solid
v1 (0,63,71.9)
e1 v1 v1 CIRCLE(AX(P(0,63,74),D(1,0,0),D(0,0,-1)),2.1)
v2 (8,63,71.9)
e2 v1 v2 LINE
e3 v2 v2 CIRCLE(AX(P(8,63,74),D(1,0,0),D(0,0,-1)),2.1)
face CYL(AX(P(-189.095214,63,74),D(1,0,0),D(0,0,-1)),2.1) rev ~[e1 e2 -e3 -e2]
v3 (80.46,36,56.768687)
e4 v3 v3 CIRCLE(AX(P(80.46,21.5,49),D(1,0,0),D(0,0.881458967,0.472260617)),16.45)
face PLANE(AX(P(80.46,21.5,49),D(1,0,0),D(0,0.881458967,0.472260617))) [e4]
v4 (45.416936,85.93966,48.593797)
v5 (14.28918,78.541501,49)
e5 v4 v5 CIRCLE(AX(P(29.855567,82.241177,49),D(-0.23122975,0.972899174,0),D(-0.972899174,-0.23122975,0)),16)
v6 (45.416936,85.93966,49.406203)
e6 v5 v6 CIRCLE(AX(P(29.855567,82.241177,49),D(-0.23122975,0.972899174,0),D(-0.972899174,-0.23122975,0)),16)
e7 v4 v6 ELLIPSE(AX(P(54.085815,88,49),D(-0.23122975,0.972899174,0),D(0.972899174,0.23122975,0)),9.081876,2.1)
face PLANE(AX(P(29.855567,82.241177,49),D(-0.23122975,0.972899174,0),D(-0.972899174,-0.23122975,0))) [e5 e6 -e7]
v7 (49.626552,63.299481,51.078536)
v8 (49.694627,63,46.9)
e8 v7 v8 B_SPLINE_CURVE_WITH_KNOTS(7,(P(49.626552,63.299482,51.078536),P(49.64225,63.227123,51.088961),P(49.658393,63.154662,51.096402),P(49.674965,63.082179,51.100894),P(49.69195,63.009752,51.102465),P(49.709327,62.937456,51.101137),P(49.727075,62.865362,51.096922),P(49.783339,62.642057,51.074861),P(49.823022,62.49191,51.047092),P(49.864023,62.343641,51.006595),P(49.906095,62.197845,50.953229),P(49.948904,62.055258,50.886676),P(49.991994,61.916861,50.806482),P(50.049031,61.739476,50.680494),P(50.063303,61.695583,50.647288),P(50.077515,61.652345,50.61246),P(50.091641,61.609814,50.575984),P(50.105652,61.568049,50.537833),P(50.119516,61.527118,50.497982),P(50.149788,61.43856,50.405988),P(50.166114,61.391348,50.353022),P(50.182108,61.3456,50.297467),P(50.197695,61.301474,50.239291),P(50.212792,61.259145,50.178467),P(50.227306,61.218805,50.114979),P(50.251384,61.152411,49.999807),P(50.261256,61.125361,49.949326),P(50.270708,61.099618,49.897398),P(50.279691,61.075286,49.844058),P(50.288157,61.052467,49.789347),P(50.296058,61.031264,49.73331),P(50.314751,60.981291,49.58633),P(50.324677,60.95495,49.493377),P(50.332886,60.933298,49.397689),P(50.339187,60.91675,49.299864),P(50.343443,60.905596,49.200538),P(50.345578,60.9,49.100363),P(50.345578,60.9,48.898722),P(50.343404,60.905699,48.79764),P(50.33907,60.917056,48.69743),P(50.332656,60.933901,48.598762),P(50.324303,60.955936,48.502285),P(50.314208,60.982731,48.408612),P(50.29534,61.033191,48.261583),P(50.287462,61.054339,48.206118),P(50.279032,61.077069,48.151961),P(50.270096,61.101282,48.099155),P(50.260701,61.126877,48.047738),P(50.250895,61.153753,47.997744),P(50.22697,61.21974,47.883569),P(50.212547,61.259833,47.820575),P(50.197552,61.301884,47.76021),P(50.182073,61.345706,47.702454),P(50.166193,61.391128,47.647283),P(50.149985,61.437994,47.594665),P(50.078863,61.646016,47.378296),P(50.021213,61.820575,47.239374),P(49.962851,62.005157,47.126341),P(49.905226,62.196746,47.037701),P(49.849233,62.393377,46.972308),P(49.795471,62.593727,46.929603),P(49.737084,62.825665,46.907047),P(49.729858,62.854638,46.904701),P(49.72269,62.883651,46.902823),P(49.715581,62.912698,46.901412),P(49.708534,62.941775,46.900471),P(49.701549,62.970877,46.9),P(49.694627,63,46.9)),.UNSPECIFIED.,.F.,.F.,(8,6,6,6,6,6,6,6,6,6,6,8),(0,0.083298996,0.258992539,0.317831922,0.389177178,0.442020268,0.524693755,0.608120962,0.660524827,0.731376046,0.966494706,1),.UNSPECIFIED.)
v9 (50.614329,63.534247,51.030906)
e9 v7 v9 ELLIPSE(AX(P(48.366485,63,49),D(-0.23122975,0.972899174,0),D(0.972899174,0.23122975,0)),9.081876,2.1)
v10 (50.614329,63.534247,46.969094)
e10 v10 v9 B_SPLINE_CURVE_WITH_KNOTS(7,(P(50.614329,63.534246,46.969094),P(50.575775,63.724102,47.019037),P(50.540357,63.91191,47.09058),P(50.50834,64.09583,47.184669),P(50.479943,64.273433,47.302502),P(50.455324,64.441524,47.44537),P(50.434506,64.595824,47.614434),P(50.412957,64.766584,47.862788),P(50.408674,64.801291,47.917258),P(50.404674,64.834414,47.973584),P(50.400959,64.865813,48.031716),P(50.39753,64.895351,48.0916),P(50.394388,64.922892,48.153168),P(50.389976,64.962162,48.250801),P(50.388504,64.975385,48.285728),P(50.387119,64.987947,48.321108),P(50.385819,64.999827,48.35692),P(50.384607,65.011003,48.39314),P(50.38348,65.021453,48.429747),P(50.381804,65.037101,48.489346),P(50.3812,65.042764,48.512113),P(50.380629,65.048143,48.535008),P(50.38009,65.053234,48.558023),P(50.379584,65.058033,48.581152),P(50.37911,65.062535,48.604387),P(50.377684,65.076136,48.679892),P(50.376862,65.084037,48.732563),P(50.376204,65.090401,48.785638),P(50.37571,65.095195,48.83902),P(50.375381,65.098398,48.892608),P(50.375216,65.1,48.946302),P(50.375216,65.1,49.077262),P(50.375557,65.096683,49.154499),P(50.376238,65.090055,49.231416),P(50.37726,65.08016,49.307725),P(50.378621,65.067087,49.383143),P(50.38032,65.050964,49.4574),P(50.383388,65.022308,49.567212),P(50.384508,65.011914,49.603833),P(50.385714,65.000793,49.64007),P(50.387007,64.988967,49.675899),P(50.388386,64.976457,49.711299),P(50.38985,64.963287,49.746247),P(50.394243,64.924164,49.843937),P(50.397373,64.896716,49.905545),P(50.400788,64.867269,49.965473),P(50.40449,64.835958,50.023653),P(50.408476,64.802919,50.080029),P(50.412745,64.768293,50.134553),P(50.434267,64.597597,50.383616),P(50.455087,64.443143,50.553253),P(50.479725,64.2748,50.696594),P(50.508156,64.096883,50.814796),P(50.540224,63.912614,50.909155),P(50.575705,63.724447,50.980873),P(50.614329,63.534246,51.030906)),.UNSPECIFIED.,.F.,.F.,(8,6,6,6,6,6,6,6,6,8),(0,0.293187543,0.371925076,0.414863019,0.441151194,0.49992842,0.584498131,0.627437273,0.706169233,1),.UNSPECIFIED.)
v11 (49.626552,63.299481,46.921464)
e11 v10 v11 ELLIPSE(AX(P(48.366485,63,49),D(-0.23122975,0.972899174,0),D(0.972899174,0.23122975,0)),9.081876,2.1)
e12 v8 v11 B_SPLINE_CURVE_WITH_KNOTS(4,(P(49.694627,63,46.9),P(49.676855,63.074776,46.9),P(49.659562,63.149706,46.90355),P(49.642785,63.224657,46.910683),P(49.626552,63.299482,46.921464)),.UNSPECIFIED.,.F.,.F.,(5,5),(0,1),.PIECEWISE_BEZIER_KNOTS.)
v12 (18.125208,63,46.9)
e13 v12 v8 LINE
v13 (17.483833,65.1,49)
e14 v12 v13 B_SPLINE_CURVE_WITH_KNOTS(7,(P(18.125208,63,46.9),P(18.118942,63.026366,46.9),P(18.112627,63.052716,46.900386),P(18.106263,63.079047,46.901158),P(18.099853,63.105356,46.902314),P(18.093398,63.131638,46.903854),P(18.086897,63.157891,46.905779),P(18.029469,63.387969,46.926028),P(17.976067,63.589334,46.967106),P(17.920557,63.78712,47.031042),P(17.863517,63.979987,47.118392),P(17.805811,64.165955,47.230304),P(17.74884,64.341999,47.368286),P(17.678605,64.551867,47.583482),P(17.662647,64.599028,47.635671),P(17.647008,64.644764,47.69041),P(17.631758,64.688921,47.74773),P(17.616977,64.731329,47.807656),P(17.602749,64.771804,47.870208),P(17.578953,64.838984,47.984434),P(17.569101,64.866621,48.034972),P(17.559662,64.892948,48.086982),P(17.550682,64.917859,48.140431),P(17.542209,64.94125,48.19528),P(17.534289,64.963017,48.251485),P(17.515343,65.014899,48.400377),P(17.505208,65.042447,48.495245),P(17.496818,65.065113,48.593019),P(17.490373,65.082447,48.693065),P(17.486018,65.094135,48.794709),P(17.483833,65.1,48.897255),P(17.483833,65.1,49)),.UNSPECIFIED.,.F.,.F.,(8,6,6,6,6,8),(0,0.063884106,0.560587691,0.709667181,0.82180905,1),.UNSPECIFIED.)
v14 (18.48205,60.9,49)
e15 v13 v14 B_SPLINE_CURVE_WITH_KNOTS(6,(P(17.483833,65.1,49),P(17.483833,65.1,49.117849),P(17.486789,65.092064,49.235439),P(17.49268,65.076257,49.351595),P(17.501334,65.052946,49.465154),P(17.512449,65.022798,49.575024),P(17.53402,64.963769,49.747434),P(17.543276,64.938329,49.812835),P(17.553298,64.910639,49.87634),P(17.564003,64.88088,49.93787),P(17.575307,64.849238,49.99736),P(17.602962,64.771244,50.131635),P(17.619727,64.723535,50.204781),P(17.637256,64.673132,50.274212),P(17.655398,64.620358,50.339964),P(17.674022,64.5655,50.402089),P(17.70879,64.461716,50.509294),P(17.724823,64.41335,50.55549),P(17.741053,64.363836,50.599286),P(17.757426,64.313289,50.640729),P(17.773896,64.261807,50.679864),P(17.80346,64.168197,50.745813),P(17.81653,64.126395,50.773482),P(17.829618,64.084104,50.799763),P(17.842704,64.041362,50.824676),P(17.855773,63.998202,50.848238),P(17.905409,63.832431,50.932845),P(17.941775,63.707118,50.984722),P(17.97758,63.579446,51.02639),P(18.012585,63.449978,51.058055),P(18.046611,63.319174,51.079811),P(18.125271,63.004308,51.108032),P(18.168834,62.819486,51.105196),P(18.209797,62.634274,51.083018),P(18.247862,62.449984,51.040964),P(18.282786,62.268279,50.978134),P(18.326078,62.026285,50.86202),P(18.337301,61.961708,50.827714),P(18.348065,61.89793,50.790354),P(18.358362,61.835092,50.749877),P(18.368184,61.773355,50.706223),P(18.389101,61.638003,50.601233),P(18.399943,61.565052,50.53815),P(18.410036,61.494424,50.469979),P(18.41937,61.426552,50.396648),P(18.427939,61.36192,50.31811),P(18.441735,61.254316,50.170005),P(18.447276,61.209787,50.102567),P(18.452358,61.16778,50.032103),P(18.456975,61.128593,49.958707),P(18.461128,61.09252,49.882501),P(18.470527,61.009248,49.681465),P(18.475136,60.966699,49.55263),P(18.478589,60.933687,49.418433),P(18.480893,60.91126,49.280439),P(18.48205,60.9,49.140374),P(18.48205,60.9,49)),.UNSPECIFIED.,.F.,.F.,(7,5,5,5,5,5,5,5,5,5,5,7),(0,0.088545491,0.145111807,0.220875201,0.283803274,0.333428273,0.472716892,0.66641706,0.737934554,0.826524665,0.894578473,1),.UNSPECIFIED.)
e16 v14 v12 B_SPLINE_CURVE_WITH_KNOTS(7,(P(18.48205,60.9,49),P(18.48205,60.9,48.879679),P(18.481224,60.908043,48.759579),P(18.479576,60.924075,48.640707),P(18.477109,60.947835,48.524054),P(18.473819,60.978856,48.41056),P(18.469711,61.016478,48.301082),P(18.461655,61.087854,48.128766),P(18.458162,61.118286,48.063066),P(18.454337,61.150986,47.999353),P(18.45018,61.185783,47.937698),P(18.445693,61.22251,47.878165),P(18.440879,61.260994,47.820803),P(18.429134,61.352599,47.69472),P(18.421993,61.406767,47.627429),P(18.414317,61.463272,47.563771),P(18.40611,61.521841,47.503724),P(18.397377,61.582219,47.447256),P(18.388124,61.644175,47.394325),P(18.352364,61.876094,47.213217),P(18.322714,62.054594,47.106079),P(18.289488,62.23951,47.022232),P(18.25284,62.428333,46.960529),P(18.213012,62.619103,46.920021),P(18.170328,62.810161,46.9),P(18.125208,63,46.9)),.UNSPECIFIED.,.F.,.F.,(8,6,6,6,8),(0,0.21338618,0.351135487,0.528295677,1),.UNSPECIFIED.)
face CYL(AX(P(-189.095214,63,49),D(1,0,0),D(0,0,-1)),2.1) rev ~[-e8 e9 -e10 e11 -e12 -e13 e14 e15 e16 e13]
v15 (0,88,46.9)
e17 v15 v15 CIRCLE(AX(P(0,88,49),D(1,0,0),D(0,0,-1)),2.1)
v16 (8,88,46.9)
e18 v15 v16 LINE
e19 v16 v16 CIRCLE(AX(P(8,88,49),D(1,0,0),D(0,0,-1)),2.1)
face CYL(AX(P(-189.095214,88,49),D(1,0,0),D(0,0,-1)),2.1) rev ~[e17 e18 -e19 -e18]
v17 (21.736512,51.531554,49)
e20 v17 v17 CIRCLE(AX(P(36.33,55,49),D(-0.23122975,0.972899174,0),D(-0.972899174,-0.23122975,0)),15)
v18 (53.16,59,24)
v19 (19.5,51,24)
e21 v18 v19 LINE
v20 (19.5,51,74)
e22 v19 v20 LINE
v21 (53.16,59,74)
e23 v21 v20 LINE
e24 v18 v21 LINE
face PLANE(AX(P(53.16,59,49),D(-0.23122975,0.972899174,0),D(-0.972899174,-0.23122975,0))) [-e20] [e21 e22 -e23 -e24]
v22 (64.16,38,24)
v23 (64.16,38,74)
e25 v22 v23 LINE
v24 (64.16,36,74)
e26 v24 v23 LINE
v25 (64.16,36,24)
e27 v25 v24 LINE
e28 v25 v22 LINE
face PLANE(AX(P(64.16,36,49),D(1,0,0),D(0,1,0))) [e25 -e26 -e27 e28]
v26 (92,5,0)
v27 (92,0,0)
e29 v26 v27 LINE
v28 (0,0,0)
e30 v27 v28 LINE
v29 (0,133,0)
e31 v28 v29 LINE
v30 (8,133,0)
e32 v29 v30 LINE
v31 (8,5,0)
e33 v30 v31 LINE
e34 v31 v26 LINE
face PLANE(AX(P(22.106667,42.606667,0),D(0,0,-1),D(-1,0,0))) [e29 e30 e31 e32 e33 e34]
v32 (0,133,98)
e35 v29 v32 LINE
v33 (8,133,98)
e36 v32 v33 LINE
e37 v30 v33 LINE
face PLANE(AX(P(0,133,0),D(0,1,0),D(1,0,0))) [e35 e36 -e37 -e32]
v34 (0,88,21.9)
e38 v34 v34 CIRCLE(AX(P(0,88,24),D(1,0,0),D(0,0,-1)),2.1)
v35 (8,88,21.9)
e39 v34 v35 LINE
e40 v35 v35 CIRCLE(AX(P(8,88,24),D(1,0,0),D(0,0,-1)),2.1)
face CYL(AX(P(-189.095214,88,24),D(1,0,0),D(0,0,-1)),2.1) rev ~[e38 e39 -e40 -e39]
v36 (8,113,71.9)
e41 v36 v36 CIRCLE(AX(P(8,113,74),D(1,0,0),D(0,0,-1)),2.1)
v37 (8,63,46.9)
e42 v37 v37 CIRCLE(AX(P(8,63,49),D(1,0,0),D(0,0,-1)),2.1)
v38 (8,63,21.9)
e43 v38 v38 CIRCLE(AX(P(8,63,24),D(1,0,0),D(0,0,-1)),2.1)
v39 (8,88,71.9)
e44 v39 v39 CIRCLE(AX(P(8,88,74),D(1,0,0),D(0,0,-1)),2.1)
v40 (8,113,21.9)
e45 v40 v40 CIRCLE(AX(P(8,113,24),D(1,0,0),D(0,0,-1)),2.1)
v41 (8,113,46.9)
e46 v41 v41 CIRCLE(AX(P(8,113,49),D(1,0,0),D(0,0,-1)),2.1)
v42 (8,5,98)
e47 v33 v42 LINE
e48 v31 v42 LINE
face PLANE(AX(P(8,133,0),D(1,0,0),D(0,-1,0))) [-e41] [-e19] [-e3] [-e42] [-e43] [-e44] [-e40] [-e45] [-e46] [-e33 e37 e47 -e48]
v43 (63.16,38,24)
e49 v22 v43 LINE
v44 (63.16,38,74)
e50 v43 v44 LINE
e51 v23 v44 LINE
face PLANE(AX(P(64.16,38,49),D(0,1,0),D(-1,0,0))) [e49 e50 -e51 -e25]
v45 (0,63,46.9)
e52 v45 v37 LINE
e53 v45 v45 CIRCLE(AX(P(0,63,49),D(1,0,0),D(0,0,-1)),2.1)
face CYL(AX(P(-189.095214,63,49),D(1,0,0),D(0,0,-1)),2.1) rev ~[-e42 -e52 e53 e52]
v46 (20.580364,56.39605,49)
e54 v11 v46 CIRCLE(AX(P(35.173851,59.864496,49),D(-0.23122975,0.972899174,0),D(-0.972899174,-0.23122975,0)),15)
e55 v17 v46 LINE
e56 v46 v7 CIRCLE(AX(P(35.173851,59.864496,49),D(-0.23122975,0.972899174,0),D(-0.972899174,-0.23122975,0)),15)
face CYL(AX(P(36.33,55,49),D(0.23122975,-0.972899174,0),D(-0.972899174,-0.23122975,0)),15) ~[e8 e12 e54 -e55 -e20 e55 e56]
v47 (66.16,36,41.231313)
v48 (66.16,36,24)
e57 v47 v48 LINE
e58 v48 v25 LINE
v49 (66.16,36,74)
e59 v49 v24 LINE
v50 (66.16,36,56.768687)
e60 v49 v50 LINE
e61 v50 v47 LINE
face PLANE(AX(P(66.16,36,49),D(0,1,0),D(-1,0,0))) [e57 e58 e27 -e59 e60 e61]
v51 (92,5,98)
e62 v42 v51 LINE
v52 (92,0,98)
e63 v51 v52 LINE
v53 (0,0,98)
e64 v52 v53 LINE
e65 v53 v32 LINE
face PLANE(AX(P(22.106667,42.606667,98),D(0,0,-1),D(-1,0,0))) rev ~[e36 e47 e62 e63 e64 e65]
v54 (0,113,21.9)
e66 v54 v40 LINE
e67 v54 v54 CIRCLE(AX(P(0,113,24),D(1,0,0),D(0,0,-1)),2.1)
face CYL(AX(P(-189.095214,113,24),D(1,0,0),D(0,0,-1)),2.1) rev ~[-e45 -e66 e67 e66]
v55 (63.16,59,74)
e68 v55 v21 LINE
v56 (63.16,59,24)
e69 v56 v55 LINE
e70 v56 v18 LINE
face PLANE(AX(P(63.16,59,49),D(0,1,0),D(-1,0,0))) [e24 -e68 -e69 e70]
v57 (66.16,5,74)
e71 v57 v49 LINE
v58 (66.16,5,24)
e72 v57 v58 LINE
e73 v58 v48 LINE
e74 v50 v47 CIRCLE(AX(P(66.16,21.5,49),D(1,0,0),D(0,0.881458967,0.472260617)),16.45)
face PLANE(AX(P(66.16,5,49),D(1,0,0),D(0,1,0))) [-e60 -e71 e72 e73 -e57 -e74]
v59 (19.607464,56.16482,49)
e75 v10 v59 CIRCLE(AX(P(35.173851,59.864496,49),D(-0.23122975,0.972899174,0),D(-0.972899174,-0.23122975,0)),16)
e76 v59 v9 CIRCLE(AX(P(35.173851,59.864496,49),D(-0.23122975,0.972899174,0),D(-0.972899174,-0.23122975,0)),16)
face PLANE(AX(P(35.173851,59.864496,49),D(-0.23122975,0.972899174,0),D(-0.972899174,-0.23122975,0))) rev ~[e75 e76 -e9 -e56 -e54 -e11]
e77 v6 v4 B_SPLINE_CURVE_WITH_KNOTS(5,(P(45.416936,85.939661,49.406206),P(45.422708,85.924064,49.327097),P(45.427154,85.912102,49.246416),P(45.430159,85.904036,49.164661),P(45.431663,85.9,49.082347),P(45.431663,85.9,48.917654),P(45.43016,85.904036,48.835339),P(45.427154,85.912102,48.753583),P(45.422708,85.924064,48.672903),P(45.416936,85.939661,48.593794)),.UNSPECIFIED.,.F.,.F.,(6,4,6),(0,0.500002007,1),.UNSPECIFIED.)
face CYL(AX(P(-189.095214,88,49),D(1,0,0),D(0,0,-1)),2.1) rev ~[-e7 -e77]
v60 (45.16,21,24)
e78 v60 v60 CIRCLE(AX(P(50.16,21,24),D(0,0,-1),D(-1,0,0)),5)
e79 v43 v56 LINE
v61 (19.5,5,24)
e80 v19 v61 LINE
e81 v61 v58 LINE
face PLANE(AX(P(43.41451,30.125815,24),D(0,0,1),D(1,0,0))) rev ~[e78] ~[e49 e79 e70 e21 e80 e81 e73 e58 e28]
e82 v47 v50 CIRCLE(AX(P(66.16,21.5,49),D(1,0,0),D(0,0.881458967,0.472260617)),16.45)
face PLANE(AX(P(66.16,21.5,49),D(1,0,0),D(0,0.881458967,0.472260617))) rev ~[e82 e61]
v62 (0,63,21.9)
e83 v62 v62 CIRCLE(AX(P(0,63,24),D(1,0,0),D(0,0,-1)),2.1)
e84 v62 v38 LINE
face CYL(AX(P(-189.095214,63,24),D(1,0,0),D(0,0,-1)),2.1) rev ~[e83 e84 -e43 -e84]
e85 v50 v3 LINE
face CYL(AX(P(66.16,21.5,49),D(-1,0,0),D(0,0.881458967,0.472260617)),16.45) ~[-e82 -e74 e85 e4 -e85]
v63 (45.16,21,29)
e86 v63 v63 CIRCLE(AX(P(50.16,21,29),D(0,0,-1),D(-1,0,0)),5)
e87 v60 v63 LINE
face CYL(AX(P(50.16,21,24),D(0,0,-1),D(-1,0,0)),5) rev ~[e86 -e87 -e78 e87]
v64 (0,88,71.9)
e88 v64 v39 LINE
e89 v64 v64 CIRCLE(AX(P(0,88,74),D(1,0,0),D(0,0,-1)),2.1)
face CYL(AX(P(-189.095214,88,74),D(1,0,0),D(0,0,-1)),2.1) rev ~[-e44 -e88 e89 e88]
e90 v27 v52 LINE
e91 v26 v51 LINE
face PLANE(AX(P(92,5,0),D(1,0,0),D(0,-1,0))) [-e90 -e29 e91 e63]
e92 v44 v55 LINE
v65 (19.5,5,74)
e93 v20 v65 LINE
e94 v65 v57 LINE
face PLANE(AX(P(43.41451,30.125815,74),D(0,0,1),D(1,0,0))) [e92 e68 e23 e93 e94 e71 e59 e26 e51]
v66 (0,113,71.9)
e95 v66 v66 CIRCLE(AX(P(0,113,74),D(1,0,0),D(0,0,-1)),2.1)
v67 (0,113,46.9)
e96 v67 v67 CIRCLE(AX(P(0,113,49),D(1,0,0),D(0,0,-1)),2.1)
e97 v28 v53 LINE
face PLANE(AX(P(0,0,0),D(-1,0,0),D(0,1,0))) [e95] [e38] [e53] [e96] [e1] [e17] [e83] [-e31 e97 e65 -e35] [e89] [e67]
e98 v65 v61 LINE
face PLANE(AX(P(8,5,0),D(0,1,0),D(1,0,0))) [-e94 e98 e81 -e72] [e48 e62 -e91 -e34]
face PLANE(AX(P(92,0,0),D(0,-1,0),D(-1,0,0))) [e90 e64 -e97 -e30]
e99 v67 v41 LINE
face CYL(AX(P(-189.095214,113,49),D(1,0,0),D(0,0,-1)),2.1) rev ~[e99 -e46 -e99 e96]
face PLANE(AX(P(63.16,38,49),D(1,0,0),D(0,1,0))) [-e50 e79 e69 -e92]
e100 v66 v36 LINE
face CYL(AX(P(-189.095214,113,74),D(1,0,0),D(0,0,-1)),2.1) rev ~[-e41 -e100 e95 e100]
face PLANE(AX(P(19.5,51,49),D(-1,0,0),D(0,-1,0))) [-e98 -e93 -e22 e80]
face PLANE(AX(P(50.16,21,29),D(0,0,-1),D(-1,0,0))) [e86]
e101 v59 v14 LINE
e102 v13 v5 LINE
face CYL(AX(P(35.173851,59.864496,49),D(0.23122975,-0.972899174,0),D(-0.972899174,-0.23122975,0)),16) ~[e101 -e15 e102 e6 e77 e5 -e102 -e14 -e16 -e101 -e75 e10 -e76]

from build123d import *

# Parameters (mm, degrees)
EXTRUDE_1_DEPTH     = 98
EXTRUDE_2_DEPTH     = 25
SKETCH_4_R          = 16.45
EXTRUDE_6_DEPTH     = 14.3
SKETCH_5_R          = 15
EXTRUDE_7_DEPTH     = 5
SKETCH_6_R          = 16
EXTRUDE_8_DEPTH     = 23
SKETCH_7_R          = 5
CUT_EXTRUDE_2_DEPTH = 5
HOLE_WIZARD_M5_1_D  = 4.2


with BuildPart() as part:
    # 草图1 → 凸台-拉伸1 (new body)
    with BuildSketch(Plane.XY):
        Polygon((0, 0), (0, 133), (8, 133), (8, 5), (92, 5), (92, 0), align=None)
    extrude(amount=EXTRUDE_1_DEPTH)



with BuildPart() as body_2:
    # 草图2 → 凸台-拉伸2 (new, symmetric)
    with BuildSketch(Plane.XY.offset(49)):
        Polygon((66.16, 36), (64.16, 36), (64.16, 38), (63.16, 38), (63.16, 59), (53.16, 59), (19.5, 51), (19.5, 5), (66.16, 5), align=None)
    extrude(amount=EXTRUDE_2_DEPTH, both=True)


with BuildPart() as part_1:
    add(part.part)

    add(body_2.part)  # 凸台-拉伸6 merges body 2
    # 草图4 → 凸台-拉伸6 (add)
    with BuildSketch(Plane(origin=(66.16, 0, 0), x_dir=(0, 0, -1), z_dir=(1, 0, 0))):
        with Locations(Location((-49, 21.5, 0), (0, 0, 118.181138406))):
            Circle(SKETCH_4_R)
    extrude(amount=EXTRUDE_6_DEPTH)

    # 草图5 → 凸台-拉伸7 (add)
    with BuildSketch(Plane(origin=(-10.430514532, 43.886389891, 0), x_dir=(0.9728991739264884, 0.23122975019049047, 0), z_dir=(-0.23122975019049047, 0.9728991739264884, 0))):
        with Locations(Location((48.063063249, -49, 0), (0, 0, 180))):
            Circle(SKETCH_5_R)
    extrude(amount=EXTRUDE_7_DEPTH)

    # 草图6 → 凸台-拉伸8 (add)
    with BuildSketch(Plane(origin=(-11.586663283, 48.750885761, 0), x_dir=(0.9728991739264884, 0.2312297501904905, 0), z_dir=(-0.2312297501904905, 0.9728991739264884, 0))):
        with Locations(Location((48.063063249, -49, 0), (0, 0, 180))):
            Circle(SKETCH_6_R)
    extrude(amount=EXTRUDE_8_DEPTH)

    # 草图7 → 切除-拉伸2 (cut)
    with BuildSketch(Plane(origin=(0, 0, 24), x_dir=(-1, 0, 0), z_dir=(0, 0, -1))):
        with Locations((-50.16, 21)):
            Circle(SKETCH_7_R)
    extrude(amount=-CUT_EXTRUDE_2_DEPTH, mode=Mode.SUBTRACT)

    # M5 螺纹孔1 (through all)
    with Locations(Plane.ZY):
        with Locations((24, 63), (49, 63), (74, 63), (74, 88), (49, 88), (24, 88), (24, 113), (49, 113), (74, 113)):
            Hole(HOLE_WIZARD_M5_1_D / 2)


solid = part_1.part
